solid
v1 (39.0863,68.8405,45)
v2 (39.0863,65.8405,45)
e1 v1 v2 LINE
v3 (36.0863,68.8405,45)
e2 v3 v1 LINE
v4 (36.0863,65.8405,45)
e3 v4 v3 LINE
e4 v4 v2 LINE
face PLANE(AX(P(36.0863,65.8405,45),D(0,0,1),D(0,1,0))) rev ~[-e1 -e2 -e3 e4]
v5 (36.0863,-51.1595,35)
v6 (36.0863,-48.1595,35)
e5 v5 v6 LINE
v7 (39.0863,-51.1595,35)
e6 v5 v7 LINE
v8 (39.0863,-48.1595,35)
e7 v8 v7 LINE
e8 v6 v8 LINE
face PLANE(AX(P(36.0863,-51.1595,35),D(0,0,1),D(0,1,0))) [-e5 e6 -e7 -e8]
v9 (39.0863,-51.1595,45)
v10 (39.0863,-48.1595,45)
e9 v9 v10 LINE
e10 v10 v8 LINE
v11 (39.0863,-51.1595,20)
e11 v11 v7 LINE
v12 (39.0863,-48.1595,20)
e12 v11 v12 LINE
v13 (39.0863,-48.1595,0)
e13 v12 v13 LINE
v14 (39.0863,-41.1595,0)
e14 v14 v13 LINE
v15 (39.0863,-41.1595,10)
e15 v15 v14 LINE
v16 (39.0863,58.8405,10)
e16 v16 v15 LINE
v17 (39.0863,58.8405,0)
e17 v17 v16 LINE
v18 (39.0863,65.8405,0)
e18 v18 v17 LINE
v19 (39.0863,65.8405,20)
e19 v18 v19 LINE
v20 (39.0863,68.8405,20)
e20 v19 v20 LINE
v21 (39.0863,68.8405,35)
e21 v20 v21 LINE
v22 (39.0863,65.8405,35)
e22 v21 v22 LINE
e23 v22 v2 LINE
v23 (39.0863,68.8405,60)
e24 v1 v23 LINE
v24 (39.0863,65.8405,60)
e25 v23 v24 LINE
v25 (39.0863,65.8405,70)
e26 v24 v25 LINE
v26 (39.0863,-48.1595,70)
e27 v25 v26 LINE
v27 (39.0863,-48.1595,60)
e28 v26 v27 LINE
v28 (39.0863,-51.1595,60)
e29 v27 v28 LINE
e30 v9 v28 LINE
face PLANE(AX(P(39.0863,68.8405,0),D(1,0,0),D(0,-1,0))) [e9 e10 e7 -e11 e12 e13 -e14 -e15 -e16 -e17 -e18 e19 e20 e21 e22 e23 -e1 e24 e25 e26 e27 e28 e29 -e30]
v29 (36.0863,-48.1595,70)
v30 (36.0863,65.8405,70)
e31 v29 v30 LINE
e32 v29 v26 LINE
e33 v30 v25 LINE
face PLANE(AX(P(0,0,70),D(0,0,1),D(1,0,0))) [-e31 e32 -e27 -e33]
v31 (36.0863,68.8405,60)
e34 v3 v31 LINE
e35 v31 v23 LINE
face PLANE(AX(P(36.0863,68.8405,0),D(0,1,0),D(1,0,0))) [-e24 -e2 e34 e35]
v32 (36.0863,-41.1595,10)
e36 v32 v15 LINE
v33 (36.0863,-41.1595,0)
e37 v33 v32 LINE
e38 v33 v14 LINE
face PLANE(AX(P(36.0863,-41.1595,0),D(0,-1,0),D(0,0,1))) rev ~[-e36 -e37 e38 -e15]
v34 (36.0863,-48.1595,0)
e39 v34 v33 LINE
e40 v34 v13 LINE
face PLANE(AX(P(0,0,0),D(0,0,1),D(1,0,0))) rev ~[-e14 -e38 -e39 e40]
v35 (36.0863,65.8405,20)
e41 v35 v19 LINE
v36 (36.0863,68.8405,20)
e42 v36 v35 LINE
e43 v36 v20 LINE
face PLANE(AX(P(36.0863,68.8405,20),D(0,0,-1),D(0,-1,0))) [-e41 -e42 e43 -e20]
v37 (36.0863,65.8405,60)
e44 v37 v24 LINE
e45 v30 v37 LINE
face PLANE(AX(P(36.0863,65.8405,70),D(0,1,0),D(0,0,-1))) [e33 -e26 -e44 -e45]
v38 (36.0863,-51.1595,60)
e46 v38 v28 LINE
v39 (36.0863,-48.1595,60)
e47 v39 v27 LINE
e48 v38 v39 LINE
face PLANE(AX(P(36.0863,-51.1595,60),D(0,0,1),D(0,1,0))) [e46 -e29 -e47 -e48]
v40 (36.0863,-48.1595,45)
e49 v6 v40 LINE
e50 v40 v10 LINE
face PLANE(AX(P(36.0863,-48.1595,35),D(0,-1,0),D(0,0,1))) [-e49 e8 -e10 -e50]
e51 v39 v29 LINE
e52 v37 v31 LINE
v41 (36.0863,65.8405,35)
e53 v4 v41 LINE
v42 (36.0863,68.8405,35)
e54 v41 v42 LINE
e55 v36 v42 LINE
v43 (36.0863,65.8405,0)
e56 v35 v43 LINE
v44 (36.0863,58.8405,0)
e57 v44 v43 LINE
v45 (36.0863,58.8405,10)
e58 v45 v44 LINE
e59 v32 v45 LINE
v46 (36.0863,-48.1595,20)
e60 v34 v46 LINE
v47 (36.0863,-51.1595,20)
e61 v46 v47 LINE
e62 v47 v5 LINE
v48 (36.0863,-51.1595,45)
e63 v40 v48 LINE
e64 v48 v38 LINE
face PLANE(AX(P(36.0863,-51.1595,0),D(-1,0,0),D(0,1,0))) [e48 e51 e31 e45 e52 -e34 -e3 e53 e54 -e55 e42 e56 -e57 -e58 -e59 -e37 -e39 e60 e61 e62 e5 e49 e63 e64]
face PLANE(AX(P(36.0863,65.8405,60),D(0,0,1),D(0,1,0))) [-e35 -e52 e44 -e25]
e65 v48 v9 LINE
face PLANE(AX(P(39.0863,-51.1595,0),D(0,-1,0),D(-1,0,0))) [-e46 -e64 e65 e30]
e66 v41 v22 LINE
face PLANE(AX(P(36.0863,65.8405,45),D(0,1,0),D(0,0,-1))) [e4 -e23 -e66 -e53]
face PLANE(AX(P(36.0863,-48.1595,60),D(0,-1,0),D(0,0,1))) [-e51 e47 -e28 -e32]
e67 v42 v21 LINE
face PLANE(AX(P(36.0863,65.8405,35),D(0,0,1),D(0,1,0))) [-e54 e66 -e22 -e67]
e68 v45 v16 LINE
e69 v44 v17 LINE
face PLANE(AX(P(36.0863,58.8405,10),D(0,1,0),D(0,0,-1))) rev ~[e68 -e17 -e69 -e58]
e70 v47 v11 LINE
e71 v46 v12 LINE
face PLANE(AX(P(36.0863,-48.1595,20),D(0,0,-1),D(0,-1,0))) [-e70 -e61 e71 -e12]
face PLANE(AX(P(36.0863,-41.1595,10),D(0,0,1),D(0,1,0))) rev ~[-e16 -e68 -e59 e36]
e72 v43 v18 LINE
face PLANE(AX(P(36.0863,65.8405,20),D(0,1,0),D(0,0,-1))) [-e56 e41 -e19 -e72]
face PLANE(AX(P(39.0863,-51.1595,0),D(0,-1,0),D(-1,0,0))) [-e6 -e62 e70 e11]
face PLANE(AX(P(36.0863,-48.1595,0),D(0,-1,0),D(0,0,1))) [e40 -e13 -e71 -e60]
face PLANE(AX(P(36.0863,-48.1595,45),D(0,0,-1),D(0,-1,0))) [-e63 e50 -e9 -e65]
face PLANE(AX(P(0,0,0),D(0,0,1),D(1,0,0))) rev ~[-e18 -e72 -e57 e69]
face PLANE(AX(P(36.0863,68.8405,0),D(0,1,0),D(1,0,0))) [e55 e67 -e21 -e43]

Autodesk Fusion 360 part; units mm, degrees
sketch "Sketch1" plane through (0, 0, 0) normal (0, 0, 1) x (1, 0, 0)
  line L0 (36.0863, 68.8405) -> (39.0863, 68.8405)
  line L1 (39.0863, 68.8405) -> (39.0863, -51.1595)
  line L2 (39.0863, -51.1595) -> (36.0863, -51.1595)
  line L3 (36.0863, -51.1595) -> (36.0863, 68.8405)
  dimension "d1" = 3
  dimension "d2" = 120
extrude "Extrude1" add sketch "Sketch1" along normal blind 70
sketch "Sketch2" plane through (36.0863, 0, 0) normal (-1, 0, 0) x (0, -1, 0)
  line L0 (-68.8405, 0) -> (51.1595, 0)
  line L1 (51.1595, 0) -> (51.1595, 70)
  line L2 (51.1595, 70) -> (-68.8405, 70)
  line L3 (-68.8405, 70) -> (-68.8405, 0)
  line L4 (-58.8405, 0) -> (41.1595, 0)
  line L5 (41.1595, 0) -> (41.1595, 10)
  line L6 (41.1595, 10) -> (-58.8405, 10)
  line L7 (-58.8405, 10) -> (-58.8405, 0)
  dimension "d5" = 10
  dimension "d6" = 100
  dimension "d7" = 10
extrude "Extrude2" cut sketch "Sketch2" against normal blind 15 contours L0 L4 L5 L6 L7
sketch "Sketch3" plane through (36.0863, 0, 0) normal (-1, 0, 0) x (0, -1, 0)
  line L0 (41.1595, 10) -> (41.1595, 0)
  line L1 (41.1595, 0) -> (51.1595, 0)
  line L2 (51.1595, 0) -> (51.1595, 70)
  line L3 (51.1595, 70) -> (-68.8405, 70)
  line L4 (-68.8405, 70) -> (-68.8405, 0)
  line L5 (-68.8405, 0) -> (-58.8405, 0)
  line L6 (-58.8405, 0) -> (-58.8405, 10)
  line L7 (-58.8405, 10) -> (41.1595, 10)
  line L8 (-81.9379, 60) -> (81.0278, 60) construction
  line L9 (-84.1729, 45) -> (76.1854, 45) construction
  line L10 (-82.6829, 35) -> (77.4892, 35) construction
  line L11 (-85.6629, 20) -> (78.0479, 20) construction
  line L12 (-65.8405, 82.86) -> (-65.8405, -11.3972) construction
  line L13 (48.1595, 79.5603) -> (48.1595, -14.1231) construction
  line L14 (-65.8405, 60) -> (-65.8405, 45) construction
  line L15 (-65.8405, 45) -> (-68.8405, 45) construction
  line L16 (-68.8405, 35) -> (-65.8405, 35) construction
  line L17 (-65.8405, 35) -> (-65.8405, 20) construction
  line L18 (-65.8405, 20) -> (-68.8405, 20) construction
  line L19 (51.1595, 20) -> (48.1595, 20) construction
  line L20 (48.1595, 20) -> (48.1595, 35) construction
  line L21 (48.1595, 35) -> (51.1595, 35) construction
  line L22 (51.1595, 35) -> (51.1595, 20) construction
  line L23 (51.1595, 45) -> (48.1595, 45) construction
  line L24 (48.1595, 60) -> (51.1595, 60) construction
  line L25 (51.1595, 60) -> (51.1595, 45) construction
  line L26 (-65.8405, 45) -> (-68.8405, 45)
  line L27 (-65.8405, 60) -> (-68.8405, 60)
  line L28 (-68.8405, 60) -> (-68.8405, 70)
  line L29 (-68.8405, 70) -> (-65.8405, 70)
  line L30 (-65.8405, 70) -> (-65.8405, 60)
  line L31 (-65.8405, 35) -> (-68.8405, 35)
  line L32 (-68.8405, 35) -> (-68.8405, 45)
  line L33 (-68.8405, 45) -> (-65.8405, 45)
  line L34 (-65.8405, 45) -> (-65.8405, 35)
  line L35 (-65.8405, 0) -> (-68.8405, 0)
  line L36 (-68.8405, 0) -> (-68.8405, 20)
  line L37 (-68.8405, 20) -> (-65.8405, 20)
  line L38 (-65.8405, 20) -> (-65.8405, 0)
  line L39 (51.1595, 0) -> (48.1595, 0)
  line L40 (48.1595, 0) -> (48.1595, 20)
  line L41 (48.1595, 20) -> (51.1595, 20)
  line L42 (51.1595, 20) -> (51.1595, 0)
  line L43 (51.1595, 35) -> (48.1595, 35)
  line L44 (48.1595, 35) -> (48.1595, 45)
  line L45 (48.1595, 45) -> (51.1595, 45)
  line L46 (51.1595, 45) -> (51.1595, 35)
  line L47 (51.1595, 60) -> (48.1595, 60)
  line L48 (48.1595, 60) -> (48.1595, 70)
  line L49 (48.1595, 70) -> (51.1595, 70)
  line L50 (51.1595, 70) -> (51.1595, 60)
  dimension "d10" = 10
  dimension "d11" = 15
  dimension "d12" = 10
  dimension "d13" = 15
  dimension "d14" = 3
  dimension "d15" = 3
extrude "Extrude3" cut sketch "Sketch3" against normal blind 30 contours L1 L2 L39 L40 L41 L42 | L4 L5 L35 L36 L37 L38 | L2 L43 L44 L45 L46 | L4 L26 L31 L32 L33 L34 | L2 L3 L47 L48 L49 L50 | L3 L4 L27 L28 L29 L30
